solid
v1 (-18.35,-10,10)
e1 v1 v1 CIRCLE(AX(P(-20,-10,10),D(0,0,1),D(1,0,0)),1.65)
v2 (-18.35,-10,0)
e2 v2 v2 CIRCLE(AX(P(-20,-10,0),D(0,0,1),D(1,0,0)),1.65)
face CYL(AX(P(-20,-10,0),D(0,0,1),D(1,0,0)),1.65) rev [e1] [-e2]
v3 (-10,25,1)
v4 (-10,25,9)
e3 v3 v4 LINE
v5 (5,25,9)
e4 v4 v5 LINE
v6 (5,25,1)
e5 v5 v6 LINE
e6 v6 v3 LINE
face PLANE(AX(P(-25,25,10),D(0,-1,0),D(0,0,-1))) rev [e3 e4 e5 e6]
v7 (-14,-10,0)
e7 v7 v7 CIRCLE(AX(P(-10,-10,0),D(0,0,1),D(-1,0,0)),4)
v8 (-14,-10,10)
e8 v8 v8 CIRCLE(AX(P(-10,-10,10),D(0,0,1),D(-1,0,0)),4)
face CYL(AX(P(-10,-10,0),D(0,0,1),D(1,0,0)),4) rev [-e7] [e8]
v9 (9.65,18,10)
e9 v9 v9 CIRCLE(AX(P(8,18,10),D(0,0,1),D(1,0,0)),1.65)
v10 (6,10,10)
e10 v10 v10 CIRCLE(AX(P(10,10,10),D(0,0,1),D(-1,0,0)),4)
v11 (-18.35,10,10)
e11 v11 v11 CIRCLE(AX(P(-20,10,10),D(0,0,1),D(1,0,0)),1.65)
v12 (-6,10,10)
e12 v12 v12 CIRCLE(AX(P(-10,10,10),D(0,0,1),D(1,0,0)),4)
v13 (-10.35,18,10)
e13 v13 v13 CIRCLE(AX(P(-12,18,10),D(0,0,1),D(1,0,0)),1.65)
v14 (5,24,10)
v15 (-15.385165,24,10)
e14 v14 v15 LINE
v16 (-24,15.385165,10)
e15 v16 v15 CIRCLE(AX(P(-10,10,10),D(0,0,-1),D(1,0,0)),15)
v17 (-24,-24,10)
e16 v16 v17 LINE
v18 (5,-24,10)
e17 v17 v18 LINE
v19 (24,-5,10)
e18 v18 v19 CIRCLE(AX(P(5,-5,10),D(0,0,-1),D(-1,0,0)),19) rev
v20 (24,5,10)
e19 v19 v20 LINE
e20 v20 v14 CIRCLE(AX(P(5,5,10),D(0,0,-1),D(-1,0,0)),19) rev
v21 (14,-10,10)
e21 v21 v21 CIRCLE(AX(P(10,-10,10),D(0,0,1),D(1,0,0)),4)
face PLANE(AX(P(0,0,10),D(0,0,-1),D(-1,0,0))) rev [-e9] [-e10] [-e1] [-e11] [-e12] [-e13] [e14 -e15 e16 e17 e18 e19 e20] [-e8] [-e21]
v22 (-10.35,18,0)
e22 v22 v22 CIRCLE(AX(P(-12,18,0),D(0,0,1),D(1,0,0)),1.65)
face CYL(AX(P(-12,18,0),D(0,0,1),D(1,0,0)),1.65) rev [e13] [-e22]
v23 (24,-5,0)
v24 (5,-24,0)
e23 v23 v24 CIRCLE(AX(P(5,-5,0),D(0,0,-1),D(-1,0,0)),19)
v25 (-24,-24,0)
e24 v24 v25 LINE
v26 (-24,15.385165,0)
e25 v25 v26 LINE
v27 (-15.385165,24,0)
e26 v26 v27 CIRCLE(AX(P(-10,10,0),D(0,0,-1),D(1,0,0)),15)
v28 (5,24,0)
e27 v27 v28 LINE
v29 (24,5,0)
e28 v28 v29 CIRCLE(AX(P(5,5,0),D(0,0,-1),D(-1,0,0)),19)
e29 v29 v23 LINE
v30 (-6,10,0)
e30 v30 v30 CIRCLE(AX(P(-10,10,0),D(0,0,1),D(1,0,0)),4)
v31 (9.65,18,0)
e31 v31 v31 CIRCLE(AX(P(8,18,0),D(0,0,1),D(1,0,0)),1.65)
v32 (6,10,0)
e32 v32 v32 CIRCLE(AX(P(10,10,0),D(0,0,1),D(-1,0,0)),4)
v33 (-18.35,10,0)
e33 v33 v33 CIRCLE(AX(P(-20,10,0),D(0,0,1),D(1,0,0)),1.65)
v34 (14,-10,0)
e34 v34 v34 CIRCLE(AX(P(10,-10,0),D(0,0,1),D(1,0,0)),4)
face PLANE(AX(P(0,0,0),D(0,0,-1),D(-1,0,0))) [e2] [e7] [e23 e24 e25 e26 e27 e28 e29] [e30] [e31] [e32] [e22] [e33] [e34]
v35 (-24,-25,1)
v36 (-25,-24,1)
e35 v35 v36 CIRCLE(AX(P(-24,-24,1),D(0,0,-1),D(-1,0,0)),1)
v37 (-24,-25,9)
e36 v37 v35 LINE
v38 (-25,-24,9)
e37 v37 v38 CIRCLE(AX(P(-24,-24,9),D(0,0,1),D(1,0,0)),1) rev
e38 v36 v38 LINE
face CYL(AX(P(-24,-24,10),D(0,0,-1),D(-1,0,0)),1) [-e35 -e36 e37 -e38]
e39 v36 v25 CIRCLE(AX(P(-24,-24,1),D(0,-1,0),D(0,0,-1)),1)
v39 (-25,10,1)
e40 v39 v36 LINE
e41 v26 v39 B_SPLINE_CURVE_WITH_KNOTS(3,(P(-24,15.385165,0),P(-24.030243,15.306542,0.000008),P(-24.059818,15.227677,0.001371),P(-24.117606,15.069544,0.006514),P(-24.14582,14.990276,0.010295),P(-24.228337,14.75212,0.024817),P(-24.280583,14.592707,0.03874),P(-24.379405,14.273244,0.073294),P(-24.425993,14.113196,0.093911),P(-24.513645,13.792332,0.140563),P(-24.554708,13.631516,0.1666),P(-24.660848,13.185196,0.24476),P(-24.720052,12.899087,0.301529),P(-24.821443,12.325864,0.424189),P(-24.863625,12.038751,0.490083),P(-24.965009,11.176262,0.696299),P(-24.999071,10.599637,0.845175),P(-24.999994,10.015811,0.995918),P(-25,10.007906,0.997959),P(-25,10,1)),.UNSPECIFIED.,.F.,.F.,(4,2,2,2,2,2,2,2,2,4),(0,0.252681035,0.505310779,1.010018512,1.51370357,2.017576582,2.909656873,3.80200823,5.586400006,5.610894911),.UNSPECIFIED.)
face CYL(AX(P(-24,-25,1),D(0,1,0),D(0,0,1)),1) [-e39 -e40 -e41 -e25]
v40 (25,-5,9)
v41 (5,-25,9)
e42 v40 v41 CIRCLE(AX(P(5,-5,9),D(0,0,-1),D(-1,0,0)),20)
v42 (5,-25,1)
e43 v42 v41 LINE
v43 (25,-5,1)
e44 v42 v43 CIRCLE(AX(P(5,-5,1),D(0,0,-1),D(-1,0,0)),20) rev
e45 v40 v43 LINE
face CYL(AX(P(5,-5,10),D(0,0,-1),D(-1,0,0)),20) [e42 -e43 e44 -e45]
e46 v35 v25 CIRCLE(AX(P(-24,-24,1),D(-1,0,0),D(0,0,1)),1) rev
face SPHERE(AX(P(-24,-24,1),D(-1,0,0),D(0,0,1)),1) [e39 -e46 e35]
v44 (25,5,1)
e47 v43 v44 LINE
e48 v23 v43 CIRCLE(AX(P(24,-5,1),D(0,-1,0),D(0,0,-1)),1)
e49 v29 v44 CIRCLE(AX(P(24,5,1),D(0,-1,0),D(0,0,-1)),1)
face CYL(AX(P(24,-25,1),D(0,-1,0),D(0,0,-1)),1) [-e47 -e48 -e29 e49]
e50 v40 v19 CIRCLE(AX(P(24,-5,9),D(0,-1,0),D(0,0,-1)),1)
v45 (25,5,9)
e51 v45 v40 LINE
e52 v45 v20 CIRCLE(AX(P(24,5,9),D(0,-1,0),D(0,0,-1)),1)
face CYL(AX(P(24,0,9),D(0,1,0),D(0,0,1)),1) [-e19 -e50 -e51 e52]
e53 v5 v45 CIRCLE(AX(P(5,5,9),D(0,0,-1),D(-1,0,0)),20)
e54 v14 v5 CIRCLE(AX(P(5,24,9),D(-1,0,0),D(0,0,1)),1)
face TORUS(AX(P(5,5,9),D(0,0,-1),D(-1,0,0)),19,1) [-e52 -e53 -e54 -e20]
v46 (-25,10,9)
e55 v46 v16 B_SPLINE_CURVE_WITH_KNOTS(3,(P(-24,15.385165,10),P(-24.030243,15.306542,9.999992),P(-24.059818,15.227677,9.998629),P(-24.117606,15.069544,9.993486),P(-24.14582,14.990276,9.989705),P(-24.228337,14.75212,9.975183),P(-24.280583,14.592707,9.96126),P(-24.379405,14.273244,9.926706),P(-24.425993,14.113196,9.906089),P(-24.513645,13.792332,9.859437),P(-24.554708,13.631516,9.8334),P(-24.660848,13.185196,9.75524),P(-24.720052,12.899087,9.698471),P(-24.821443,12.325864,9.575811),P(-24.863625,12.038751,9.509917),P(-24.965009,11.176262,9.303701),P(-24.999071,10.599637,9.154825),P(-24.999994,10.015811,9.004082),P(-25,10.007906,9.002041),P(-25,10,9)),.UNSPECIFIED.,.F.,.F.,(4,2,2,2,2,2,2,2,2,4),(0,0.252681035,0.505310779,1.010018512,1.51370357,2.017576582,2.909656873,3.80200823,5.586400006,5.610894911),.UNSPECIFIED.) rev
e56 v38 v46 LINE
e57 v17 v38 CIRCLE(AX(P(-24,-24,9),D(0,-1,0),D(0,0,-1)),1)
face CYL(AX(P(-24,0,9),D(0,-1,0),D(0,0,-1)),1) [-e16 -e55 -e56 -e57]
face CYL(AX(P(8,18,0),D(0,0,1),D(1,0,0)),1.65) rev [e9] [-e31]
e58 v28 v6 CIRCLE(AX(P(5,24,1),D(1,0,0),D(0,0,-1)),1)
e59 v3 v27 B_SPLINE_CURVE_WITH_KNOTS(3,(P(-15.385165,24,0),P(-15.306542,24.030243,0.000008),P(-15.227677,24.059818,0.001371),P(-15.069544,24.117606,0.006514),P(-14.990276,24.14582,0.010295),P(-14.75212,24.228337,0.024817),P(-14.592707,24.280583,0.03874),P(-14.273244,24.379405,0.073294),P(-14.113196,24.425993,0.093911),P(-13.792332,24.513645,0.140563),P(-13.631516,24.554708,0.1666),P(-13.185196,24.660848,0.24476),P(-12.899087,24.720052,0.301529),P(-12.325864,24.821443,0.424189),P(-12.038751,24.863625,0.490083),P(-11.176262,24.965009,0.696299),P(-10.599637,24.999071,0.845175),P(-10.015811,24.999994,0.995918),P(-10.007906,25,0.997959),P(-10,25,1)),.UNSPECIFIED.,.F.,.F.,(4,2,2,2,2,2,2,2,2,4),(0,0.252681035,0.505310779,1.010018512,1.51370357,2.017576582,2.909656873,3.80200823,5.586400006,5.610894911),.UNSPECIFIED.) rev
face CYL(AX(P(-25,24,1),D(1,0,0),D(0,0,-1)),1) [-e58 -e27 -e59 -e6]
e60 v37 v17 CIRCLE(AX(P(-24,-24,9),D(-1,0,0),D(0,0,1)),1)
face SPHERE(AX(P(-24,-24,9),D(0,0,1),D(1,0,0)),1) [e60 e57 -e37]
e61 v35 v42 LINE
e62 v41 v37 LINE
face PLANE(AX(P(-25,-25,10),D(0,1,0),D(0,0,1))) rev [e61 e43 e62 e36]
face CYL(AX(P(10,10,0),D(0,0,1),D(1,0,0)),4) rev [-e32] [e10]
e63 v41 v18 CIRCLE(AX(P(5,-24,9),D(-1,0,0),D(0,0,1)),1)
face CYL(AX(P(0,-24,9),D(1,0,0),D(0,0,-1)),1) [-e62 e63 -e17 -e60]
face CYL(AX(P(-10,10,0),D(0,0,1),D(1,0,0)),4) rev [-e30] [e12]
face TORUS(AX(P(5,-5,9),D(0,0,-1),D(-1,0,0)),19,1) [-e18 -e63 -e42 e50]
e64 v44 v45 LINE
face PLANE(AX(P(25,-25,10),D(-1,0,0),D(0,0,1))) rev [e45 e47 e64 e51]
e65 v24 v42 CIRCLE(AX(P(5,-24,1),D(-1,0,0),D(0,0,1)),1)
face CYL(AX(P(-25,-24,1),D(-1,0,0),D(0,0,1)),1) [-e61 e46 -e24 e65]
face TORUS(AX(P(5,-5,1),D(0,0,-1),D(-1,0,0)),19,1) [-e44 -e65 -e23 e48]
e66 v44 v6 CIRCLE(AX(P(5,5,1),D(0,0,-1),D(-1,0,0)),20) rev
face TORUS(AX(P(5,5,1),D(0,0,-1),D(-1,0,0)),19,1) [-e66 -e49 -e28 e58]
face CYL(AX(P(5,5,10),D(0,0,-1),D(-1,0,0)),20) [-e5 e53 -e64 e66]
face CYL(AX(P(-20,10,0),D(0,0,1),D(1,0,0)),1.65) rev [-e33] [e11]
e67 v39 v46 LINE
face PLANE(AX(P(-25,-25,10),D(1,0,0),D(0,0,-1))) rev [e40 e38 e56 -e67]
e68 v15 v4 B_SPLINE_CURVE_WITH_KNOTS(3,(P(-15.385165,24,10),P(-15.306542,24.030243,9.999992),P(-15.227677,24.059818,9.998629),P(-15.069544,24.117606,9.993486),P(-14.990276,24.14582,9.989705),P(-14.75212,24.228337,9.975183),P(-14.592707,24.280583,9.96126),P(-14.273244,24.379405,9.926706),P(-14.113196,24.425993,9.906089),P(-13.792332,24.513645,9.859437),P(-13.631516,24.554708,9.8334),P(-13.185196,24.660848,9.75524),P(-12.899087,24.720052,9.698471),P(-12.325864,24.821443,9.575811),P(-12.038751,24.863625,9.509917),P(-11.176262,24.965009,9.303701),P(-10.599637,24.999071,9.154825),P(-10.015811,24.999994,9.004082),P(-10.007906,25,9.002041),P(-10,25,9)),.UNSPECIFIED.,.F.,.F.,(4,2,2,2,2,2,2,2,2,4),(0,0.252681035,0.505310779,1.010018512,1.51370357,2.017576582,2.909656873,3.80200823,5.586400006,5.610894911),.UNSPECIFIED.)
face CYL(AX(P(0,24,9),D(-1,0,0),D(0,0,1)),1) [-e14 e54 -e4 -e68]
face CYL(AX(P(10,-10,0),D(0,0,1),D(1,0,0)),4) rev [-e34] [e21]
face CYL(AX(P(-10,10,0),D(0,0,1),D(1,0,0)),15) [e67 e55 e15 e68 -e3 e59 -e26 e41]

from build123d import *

# Parameters (mm, degrees)
SKETCH_1_W          = 50
SKETCH_1_H          = 50
EXTRUDE_1_DEPTH     = 10
FILLET_1_R          = 20
FILLET_2_R          = 1
SKETCH_3_R          = 4
CUT_EXTRUDE_2_DEPTH = 10
SKETCH_4_R          = 1.65
CUT_EXTRUDE_3_DEPTH = 10
CUT_EXTRUDE_4_DEPTH = 10


with BuildPart() as part:
    # 草图1 → 凸台-拉伸1 (new body)
    with BuildSketch(Plane.XY):
        Rectangle(SKETCH_1_W, SKETCH_1_H)
    extrude(amount=EXTRUDE_1_DEPTH)

    # 圆角1
    fillet_1_edges = [part.edges().sort_by_distance(p)[0] for p in [
        (25, -25, 5),
        (25, 25, 5),
    ]]
    fillet(fillet_1_edges, radius=FILLET_1_R)

    # 圆角2
    fillet_2_edges = [part.edges().sort_by_distance(p)[0] for p in [
        (-25, 0, 10),
        (25, 0, 0),
        (25, 0, 10),
        (-10, -25, 10),
        (-10, 25, 0),
        (19.142135624, 19.142135624, 0),
        (19.142135624, -19.142135624, 0),
        (-10, 25, 10),
        (19.142135624, 19.142135624, 10),
        (19.142135624, -19.142135624, 10),
        (-10, -25, 0),
        (-25, 0, 0),
        (-25, -25, 5),
        (-25, 25, 5),
    ]]
    fillet(fillet_2_edges, radius=FILLET_2_R)

    # 草图3 → 切除-拉伸2 (cut)
    with BuildSketch(Plane.XY.offset(10)):
        with Locations((-10, 10)):
            Circle(SKETCH_3_R)
        with Locations(Location((10, 10, 0), (0, 0, 180))):
            Circle(SKETCH_3_R)
        with Locations((10, -10)):
            Circle(SKETCH_3_R)
        with Locations(Location((-10, -10, 0), (0, 0, 180))):
            Circle(SKETCH_3_R)
    extrude(amount=-CUT_EXTRUDE_2_DEPTH, mode=Mode.SUBTRACT)

    # 草图4 → 切除-拉伸3 (cut)
    with BuildSketch(Plane.XY.offset(10)):
        with Locations((-20, -10)):
            Circle(SKETCH_4_R)
        with Locations((-20, 10)):
            Circle(SKETCH_4_R)
        with Locations((-12, 18)):
            Circle(SKETCH_4_R)
        with Locations((8, 18)):
            Circle(SKETCH_4_R)
    extrude(amount=-CUT_EXTRUDE_3_DEPTH, mode=Mode.SUBTRACT)

    # 草图5 → 切除-拉伸4 (cut)
    with BuildSketch(Plane.XY.offset(10)):
        with BuildLine():
            Line((-25, 10), (-25, 6.241461477))
            Line((-25, 6.241461477), (-27.089820729, 25))
            Line((-27.089820729, 25), (-10, 25))
            ThreePointArc((-10, 25), (-20.606601718, 20.606601718), (-25, 10))
        make_face()
    extrude(amount=-CUT_EXTRUDE_4_DEPTH, mode=Mode.SUBTRACT)


solid = part.part
